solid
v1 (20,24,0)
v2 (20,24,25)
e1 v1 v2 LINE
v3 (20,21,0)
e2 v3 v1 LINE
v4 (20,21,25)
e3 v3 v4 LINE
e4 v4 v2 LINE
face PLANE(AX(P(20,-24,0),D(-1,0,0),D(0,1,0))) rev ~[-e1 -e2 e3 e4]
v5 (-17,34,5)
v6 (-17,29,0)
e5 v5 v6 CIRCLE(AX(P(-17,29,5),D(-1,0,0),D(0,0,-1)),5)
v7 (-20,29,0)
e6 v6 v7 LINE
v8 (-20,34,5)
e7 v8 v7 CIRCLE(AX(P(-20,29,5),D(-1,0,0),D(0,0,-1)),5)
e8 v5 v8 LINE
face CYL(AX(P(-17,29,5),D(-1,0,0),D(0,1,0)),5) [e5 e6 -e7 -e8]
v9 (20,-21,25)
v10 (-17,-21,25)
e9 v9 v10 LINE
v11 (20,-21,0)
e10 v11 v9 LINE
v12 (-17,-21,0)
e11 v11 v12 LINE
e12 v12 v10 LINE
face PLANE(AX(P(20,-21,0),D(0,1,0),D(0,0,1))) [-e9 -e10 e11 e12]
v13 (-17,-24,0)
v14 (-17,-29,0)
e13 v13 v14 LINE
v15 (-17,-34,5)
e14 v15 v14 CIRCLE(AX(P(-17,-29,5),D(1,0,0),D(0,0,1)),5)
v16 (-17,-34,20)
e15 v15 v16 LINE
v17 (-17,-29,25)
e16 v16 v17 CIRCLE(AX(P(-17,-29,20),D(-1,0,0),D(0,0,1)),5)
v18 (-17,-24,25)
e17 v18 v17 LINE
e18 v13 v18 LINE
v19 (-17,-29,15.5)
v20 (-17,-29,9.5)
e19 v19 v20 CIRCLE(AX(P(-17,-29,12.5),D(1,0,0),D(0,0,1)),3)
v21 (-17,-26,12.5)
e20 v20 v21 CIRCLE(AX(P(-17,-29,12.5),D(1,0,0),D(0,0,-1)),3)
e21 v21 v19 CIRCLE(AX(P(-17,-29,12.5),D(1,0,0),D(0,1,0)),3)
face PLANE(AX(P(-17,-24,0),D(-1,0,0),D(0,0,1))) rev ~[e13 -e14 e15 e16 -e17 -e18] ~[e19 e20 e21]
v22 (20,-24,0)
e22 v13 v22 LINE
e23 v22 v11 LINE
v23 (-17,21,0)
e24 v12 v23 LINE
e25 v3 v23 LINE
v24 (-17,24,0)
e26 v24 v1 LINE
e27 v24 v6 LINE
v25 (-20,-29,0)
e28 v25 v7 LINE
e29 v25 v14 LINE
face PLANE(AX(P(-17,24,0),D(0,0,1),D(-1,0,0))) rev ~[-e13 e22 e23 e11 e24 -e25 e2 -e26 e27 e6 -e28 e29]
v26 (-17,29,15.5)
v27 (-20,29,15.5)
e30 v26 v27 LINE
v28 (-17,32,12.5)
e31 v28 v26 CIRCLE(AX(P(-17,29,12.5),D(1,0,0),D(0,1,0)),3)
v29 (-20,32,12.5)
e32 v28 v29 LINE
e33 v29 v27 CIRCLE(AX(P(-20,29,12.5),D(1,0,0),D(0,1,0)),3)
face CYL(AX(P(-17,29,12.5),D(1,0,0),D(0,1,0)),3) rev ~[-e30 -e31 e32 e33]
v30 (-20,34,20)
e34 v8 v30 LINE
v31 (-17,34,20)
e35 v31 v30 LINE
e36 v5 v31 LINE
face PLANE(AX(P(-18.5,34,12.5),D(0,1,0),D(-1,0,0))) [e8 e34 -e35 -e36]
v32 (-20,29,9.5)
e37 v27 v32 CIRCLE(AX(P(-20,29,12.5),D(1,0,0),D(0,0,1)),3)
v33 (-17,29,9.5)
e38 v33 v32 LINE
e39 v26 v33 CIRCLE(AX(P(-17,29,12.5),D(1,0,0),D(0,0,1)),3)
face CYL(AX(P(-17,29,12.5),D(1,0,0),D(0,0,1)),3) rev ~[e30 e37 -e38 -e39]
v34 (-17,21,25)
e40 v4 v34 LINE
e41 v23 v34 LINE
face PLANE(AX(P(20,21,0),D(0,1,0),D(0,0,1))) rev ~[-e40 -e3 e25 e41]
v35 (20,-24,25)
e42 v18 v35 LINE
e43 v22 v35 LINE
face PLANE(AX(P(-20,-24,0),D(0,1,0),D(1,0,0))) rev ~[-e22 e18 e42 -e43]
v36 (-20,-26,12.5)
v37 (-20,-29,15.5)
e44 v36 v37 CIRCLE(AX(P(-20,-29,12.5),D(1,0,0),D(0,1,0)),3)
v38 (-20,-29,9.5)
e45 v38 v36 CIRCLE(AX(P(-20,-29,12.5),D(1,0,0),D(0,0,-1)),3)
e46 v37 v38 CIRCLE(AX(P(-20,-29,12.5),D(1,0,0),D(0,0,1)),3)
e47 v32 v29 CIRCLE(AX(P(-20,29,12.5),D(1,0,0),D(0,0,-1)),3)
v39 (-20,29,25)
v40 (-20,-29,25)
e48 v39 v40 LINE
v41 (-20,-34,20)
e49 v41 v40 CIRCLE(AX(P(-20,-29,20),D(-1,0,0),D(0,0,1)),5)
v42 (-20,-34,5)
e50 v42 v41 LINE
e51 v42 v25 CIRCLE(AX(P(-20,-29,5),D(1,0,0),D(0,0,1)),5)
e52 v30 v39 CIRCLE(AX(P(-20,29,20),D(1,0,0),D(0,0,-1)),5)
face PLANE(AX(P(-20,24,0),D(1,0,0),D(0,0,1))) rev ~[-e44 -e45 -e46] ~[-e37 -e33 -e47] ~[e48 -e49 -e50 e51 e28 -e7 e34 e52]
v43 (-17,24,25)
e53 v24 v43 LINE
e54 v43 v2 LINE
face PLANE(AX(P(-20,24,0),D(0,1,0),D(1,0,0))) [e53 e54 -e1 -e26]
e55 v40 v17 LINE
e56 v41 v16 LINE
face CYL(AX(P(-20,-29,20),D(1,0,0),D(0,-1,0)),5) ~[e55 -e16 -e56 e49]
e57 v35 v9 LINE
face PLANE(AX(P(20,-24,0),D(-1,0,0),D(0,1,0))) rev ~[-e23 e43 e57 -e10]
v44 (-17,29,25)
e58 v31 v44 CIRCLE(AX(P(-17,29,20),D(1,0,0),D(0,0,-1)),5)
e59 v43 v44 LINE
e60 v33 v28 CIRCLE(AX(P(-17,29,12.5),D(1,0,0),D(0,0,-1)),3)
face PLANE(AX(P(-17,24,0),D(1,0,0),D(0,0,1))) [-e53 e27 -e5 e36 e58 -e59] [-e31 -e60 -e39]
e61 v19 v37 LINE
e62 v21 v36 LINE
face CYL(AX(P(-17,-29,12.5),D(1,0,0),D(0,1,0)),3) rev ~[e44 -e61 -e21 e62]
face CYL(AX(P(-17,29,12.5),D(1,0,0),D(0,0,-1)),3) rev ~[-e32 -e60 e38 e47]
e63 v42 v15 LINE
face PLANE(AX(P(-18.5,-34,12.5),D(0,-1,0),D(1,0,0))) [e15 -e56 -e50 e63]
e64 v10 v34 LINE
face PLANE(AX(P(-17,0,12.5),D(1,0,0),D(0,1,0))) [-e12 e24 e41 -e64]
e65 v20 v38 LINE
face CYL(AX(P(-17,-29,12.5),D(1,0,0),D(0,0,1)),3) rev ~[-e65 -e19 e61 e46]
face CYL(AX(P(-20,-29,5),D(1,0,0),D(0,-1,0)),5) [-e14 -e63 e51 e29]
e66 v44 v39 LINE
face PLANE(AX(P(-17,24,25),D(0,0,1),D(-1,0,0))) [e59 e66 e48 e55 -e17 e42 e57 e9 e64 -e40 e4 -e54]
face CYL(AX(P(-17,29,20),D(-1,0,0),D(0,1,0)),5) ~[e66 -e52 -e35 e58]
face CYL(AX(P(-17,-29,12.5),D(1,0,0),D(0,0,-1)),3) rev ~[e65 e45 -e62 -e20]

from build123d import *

# Parameters (mm, degrees)
F0_W      = 40
F0_H      = 48
F1_DEPTH  = 25
F3_W      = 42
F3_H      = 25
F4_DEPTH  = 37
F2_W      = 3
F2_H      = 25
F5_DEPTH  = 10
F6_W      = 3
F6_H      = 25
F7_DEPTH  = 10
F8_R      = 5
F11_DEPTH = 25


with BuildPart() as f1:
    # F0 (on Top) → F1 (new body)
    with BuildSketch(Plane.XY):
        Rectangle(F0_W, F0_H)
    extrude(amount=F1_DEPTH)

    # F3 (on face) → F4 (cut)
    with BuildSketch(Plane.YZ.offset(20)):
        with Locations((0, 12.5)):
            Rectangle(F3_W, F3_H)
    extrude(amount=-F4_DEPTH, mode=Mode.SUBTRACT)

    # F2 (on face) → F5 (join)
    with BuildSketch(Plane.XZ.offset(24)):
        with Locations((-18.5, 12.5)):
            Rectangle(F2_W, F2_H)
    extrude(amount=F5_DEPTH)

    # F6 (on face) → F7 (join)
    with BuildSketch(Plane(origin=(0, 24, 0), x_dir=(-1, 0, 0), z_dir=(0, 1, 0))):
        with Locations((18.5, 12.5)):
            Rectangle(F6_W, F6_H)
    extrude(amount=F7_DEPTH)

    # F8
    f8_edges = [f1.edges().sort_by_distance(p)[0] for p in [
        (-18.5, 34, 0),
        (-18.5, 34, 25),
        (-18.5, -34, 0),
        (-18.5, -34, 25),
    ]]
    fillet(f8_edges, radius=F8_R)

    # F10 (on face) + F9 (on face) → F11 (cut)
    with BuildSketch(Plane.YZ.offset(-17)):
        with BuildLine():
            ThreePointArc((29, 15.5), (26, 12.5), (29, 9.5))
            Line((29, 9.5), (29, 15.5))
        make_face()
        with BuildLine():
            Line((29, 15.5), (29, 9.5))
            ThreePointArc((29, 9.5), (31.1213203436, 10.3786796564), (32, 12.5))
            ThreePointArc((32, 12.5), (31.1213203436, 14.6213203436), (29, 15.5))
        make_face()
    with BuildSketch(Plane.YZ.offset(-17)):
        with BuildLine():
            ThreePointArc((-29, 15.5), (-32, 12.5), (-29, 9.5))
            Line((-29, 9.5), (-29, 15.5))
        make_face()
        with BuildLine():
            Line((-29, 15.5), (-29, 9.5))
            ThreePointArc((-29, 9.5), (-26.8786796564, 10.3786796564), (-26, 12.5))
            ThreePointArc((-26, 12.5), (-26.8786796564, 14.6213203436), (-29, 15.5))
        make_face()
    extrude(amount=-F11_DEPTH, mode=Mode.SUBTRACT)


solid = f1.part
